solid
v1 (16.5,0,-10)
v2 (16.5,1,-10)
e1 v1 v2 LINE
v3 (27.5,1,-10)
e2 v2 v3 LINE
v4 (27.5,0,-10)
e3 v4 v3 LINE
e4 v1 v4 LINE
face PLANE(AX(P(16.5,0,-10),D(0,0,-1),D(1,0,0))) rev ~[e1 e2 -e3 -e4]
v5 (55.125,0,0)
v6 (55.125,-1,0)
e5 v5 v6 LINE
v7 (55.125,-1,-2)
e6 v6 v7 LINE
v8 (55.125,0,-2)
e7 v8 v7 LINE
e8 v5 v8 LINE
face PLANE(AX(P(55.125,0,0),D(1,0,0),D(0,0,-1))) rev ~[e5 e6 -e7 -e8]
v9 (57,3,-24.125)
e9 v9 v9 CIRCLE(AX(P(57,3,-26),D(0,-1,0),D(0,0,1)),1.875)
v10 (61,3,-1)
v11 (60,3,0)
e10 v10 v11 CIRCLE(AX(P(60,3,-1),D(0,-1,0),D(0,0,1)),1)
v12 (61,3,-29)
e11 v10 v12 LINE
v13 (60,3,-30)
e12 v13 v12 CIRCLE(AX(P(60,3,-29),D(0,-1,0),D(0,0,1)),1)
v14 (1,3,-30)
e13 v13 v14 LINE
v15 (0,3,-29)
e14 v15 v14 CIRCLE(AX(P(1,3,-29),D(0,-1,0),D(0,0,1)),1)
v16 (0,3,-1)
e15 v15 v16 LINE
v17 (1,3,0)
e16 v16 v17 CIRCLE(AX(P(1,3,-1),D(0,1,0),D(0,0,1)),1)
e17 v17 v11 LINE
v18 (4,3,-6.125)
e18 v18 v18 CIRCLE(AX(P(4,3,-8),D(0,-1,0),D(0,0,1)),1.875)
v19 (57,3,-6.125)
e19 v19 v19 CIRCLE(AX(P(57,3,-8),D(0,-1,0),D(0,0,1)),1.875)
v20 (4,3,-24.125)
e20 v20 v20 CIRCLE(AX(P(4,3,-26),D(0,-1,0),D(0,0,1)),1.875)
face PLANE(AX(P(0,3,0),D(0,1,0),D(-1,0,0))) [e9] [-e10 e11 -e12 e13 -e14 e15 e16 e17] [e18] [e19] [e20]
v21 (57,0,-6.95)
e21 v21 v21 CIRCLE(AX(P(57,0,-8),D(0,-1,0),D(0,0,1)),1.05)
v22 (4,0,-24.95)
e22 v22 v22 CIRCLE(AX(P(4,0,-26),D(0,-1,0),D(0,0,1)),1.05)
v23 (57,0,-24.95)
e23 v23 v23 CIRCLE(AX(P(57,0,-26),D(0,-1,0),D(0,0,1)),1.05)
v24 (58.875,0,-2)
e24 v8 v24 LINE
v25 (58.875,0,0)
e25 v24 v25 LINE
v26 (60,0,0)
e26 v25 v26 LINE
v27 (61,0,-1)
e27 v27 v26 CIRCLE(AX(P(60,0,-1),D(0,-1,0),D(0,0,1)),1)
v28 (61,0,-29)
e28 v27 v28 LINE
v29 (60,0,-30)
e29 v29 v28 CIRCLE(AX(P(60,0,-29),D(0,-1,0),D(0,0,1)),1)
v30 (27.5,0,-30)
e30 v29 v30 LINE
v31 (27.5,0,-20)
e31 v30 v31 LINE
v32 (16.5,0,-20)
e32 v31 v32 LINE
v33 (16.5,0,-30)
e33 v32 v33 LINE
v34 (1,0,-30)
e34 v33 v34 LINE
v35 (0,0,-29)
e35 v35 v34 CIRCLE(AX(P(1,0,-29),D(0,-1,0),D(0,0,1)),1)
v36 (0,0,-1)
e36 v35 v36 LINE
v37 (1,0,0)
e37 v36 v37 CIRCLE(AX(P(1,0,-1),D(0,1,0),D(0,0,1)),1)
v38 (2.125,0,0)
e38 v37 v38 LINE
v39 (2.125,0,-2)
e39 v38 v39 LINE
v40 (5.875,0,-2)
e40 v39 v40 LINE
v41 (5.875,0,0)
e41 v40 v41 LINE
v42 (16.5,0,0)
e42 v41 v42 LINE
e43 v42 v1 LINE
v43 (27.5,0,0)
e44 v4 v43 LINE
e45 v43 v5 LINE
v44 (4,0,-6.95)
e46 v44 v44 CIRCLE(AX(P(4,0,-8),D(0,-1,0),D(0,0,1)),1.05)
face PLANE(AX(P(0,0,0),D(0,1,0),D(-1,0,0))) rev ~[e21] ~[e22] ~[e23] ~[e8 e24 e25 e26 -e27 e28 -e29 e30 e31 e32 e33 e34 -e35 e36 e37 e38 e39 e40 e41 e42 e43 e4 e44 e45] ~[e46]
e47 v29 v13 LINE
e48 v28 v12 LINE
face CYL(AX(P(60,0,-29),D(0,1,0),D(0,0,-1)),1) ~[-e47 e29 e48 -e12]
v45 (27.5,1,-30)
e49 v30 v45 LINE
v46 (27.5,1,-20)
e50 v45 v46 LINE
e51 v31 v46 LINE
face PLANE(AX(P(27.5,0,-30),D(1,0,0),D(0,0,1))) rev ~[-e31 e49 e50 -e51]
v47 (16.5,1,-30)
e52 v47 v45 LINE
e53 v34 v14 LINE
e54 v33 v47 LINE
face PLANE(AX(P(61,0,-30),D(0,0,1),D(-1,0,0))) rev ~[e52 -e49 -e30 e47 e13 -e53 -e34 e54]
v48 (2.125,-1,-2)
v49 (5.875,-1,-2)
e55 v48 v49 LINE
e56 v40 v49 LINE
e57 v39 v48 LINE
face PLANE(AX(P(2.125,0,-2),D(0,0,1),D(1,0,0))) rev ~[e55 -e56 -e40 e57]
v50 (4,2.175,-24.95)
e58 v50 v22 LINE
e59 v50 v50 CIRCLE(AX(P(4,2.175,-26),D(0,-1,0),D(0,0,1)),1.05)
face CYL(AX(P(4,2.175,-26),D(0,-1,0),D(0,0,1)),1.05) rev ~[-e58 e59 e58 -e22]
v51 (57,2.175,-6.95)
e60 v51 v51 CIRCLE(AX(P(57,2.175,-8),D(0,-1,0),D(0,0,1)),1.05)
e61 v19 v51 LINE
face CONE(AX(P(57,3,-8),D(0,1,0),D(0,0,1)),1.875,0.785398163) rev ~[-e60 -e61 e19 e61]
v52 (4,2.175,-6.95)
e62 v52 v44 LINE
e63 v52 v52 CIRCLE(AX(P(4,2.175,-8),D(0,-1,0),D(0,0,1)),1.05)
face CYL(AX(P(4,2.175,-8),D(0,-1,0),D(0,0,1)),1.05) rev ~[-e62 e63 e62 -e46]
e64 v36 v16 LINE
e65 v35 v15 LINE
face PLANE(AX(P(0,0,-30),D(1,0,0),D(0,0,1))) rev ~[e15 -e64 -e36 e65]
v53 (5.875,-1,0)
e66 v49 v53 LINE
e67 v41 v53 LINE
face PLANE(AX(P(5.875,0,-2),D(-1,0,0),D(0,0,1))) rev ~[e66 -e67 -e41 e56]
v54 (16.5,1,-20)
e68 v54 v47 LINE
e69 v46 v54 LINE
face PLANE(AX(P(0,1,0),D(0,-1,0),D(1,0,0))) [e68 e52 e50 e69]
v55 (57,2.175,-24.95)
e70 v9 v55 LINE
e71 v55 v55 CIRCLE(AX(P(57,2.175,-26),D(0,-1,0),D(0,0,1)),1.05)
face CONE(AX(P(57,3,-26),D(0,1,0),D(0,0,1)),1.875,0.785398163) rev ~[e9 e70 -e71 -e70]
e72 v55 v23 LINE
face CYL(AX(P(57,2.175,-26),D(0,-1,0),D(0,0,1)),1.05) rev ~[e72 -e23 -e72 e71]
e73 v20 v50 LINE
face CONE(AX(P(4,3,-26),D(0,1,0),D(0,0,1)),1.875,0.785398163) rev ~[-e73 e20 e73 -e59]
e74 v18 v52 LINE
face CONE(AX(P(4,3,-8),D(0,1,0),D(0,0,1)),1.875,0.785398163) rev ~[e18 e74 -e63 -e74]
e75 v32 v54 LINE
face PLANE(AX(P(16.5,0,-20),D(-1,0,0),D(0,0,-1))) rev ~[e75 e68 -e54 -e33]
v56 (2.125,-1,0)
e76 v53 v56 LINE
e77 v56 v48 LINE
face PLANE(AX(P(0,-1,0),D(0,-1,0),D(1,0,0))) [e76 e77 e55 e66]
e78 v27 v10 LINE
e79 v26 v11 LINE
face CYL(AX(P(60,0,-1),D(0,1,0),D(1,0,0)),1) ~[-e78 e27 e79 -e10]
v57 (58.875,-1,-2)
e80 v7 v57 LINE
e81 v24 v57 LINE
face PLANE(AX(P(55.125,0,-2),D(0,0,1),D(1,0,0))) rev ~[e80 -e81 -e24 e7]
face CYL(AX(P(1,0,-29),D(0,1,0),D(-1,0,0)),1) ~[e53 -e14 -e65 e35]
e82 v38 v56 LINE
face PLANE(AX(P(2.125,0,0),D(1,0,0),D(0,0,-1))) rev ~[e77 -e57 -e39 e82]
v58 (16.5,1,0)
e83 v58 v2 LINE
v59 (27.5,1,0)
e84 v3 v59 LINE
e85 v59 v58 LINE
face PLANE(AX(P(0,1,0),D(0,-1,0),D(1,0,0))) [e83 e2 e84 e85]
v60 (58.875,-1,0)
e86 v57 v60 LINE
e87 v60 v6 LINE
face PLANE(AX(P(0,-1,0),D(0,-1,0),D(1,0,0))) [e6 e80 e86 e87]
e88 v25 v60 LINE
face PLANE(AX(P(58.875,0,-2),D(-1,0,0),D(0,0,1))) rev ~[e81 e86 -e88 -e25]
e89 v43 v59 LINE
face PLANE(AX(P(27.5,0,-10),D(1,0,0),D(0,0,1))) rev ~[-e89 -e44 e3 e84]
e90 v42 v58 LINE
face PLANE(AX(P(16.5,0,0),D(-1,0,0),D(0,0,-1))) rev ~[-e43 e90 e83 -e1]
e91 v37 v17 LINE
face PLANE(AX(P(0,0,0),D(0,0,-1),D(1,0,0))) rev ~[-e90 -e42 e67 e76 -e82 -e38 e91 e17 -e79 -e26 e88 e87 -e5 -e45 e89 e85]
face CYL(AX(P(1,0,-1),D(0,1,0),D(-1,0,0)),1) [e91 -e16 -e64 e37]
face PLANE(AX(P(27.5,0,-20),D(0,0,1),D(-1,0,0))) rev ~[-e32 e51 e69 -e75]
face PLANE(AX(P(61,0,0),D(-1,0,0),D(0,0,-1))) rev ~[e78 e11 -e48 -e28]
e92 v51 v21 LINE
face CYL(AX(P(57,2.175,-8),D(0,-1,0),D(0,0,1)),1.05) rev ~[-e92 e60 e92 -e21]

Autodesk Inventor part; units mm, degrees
ref_plane "YZ Plane" through (0, 0, 0) normal (1, 0, 0) x (0, 1, 0)
ref_plane "XZ Plane" through (0, 0, 0) normal (0, 1, 0) x (-1, 0, 0)
ref_plane "XY Plane" through (0, 0, 0) normal (0, 0, 1) x (1, 0, 0)
sketch "Sketch1" plane through (0, 0, 0) normal (0, 1, 0) x (-1, 0, 0)
  line L0 (0, 0) -> (-61, 0)
  line L1 (-61, 0) -> (-61, -30)
  line L2 (-61, -30) -> (0, -30)
  line L3 (0, -30) -> (0, 0)
  dimension "d0" = 30
  dimension "d1" = 61
extrude "Extrusion1" add sketch "Sketch1" along normal blind 3
fillet "Fillet1" radius 1 4 edges at (0, 1.5, 0) (61, 1.5, 0) (61, 1.5, -30) (0, 1.5, -30)
sketch "Sketch4" plane through (0, 0, 0) normal (0, -1, 0) x (1, 0, 0)
  line L0 (2.125, -2) -> (5.875, -2)
  line L1 (5.875, -2) -> (5.875, 0)
  line L2 (5.875, 0) -> (2.125, 0)
  line L3 (2.125, 0) -> (2.125, -2)
  line L4 (55.125, -2) -> (58.875, -2)
  line L5 (58.875, -2) -> (58.875, 0)
  line L6 (58.875, 0) -> (55.125, 0)
  line L7 (55.125, 0) -> (55.125, -2)
  line L8 (0, -29) -> (0, -1) projected
  line L9 (1, 0) -> (60, 0) projected
  line L10 (61, -1) -> (61, -29) projected
  point P0 (0, 0)
  dimension "d31" = 3.75
  dimension "d32" = 3.75
  dimension "d33" = 2
  dimension "d34" = 2
  dimension "d35" = 5.875
  dimension "d36" = 0
  dimension "d37" = 0
  dimension "d38" = 5.875
extrude "Extrusion3" add sketch "Sketch4" along normal blind 1
sketch "Sketch2" plane through (0, 3, 0) normal (0, 1, 0) x (1, 0, 0)
  circle A0 centre (4, 8) radius 1
  line L0 (0, 0) -> (61, 0) projected
  line L1 (0, 30) -> (0, 0) projected
  circle A1 centre (57, 8) radius 1
  line L2 (61, 0) -> (61, 30) projected
  circle A2 centre (4, 26) radius 1
  circle A3 centre (57, 26) radius 1
  line L3 (61, 30) -> (0, 30) projected
  dimension "d4" = 8
  dimension "d5" = 4
  dimension "d6" = 2
  dimension "d7" = 2
  dimension "d8" = 4
  dimension "d9" = 8
  dimension "d10" = 2
  dimension "d11" = 2
  dimension "d12" = 4
  dimension "d13" = 4
  dimension "d14" = 4
  dimension "d15" = 4
hole "Hole1" at (4, 3, -26) at (4, 3, -8) at (57, 3, -8) at (57, 3, -26) direction (0, -1, 0) diameter 2.1 end through all countersink diameter 3.75 countersink angle 90
sketch "Sketch6" plane through (0, 0, 0) normal (0, -1, 0) x (1, 0, 0)
  line L0 (16.5, -10) -> (27.5, -10)
  line L1 (27.5, -10) -> (27.5, 0)
  line L2 (27.5, 0) -> (16.5, 0)
  line L3 (16.5, 0) -> (16.5, -10)
  line L4 (1, 0) -> (60, 0) projected
  line L5 (0, -29) -> (0, -1) projected
  line L6 (16.5, -30) -> (27.5, -30)
  line L7 (27.5, -30) -> (27.5, -20)
  line L8 (27.5, -20) -> (16.5, -20)
  line L9 (16.5, -20) -> (16.5, -30)
  line L10 (60, -30) -> (1, -30) projected
  point P0 (0, 0)
  dimension "d48" = 16.5
  dimension "d49" = 11
  dimension "d50" = 10
  dimension "d51" = 0
  dimension "d52" = 10
  dimension "d53" = 16.5
  dimension "d55" = 11
  dimension "d56" = 0
extrude "Extrusion4" cut sketch "Sketch6" against normal blind 1
equation "\"d52\" = d50"
equation "\"d53\" = d48"
properties part number "Link Adapter Top"
